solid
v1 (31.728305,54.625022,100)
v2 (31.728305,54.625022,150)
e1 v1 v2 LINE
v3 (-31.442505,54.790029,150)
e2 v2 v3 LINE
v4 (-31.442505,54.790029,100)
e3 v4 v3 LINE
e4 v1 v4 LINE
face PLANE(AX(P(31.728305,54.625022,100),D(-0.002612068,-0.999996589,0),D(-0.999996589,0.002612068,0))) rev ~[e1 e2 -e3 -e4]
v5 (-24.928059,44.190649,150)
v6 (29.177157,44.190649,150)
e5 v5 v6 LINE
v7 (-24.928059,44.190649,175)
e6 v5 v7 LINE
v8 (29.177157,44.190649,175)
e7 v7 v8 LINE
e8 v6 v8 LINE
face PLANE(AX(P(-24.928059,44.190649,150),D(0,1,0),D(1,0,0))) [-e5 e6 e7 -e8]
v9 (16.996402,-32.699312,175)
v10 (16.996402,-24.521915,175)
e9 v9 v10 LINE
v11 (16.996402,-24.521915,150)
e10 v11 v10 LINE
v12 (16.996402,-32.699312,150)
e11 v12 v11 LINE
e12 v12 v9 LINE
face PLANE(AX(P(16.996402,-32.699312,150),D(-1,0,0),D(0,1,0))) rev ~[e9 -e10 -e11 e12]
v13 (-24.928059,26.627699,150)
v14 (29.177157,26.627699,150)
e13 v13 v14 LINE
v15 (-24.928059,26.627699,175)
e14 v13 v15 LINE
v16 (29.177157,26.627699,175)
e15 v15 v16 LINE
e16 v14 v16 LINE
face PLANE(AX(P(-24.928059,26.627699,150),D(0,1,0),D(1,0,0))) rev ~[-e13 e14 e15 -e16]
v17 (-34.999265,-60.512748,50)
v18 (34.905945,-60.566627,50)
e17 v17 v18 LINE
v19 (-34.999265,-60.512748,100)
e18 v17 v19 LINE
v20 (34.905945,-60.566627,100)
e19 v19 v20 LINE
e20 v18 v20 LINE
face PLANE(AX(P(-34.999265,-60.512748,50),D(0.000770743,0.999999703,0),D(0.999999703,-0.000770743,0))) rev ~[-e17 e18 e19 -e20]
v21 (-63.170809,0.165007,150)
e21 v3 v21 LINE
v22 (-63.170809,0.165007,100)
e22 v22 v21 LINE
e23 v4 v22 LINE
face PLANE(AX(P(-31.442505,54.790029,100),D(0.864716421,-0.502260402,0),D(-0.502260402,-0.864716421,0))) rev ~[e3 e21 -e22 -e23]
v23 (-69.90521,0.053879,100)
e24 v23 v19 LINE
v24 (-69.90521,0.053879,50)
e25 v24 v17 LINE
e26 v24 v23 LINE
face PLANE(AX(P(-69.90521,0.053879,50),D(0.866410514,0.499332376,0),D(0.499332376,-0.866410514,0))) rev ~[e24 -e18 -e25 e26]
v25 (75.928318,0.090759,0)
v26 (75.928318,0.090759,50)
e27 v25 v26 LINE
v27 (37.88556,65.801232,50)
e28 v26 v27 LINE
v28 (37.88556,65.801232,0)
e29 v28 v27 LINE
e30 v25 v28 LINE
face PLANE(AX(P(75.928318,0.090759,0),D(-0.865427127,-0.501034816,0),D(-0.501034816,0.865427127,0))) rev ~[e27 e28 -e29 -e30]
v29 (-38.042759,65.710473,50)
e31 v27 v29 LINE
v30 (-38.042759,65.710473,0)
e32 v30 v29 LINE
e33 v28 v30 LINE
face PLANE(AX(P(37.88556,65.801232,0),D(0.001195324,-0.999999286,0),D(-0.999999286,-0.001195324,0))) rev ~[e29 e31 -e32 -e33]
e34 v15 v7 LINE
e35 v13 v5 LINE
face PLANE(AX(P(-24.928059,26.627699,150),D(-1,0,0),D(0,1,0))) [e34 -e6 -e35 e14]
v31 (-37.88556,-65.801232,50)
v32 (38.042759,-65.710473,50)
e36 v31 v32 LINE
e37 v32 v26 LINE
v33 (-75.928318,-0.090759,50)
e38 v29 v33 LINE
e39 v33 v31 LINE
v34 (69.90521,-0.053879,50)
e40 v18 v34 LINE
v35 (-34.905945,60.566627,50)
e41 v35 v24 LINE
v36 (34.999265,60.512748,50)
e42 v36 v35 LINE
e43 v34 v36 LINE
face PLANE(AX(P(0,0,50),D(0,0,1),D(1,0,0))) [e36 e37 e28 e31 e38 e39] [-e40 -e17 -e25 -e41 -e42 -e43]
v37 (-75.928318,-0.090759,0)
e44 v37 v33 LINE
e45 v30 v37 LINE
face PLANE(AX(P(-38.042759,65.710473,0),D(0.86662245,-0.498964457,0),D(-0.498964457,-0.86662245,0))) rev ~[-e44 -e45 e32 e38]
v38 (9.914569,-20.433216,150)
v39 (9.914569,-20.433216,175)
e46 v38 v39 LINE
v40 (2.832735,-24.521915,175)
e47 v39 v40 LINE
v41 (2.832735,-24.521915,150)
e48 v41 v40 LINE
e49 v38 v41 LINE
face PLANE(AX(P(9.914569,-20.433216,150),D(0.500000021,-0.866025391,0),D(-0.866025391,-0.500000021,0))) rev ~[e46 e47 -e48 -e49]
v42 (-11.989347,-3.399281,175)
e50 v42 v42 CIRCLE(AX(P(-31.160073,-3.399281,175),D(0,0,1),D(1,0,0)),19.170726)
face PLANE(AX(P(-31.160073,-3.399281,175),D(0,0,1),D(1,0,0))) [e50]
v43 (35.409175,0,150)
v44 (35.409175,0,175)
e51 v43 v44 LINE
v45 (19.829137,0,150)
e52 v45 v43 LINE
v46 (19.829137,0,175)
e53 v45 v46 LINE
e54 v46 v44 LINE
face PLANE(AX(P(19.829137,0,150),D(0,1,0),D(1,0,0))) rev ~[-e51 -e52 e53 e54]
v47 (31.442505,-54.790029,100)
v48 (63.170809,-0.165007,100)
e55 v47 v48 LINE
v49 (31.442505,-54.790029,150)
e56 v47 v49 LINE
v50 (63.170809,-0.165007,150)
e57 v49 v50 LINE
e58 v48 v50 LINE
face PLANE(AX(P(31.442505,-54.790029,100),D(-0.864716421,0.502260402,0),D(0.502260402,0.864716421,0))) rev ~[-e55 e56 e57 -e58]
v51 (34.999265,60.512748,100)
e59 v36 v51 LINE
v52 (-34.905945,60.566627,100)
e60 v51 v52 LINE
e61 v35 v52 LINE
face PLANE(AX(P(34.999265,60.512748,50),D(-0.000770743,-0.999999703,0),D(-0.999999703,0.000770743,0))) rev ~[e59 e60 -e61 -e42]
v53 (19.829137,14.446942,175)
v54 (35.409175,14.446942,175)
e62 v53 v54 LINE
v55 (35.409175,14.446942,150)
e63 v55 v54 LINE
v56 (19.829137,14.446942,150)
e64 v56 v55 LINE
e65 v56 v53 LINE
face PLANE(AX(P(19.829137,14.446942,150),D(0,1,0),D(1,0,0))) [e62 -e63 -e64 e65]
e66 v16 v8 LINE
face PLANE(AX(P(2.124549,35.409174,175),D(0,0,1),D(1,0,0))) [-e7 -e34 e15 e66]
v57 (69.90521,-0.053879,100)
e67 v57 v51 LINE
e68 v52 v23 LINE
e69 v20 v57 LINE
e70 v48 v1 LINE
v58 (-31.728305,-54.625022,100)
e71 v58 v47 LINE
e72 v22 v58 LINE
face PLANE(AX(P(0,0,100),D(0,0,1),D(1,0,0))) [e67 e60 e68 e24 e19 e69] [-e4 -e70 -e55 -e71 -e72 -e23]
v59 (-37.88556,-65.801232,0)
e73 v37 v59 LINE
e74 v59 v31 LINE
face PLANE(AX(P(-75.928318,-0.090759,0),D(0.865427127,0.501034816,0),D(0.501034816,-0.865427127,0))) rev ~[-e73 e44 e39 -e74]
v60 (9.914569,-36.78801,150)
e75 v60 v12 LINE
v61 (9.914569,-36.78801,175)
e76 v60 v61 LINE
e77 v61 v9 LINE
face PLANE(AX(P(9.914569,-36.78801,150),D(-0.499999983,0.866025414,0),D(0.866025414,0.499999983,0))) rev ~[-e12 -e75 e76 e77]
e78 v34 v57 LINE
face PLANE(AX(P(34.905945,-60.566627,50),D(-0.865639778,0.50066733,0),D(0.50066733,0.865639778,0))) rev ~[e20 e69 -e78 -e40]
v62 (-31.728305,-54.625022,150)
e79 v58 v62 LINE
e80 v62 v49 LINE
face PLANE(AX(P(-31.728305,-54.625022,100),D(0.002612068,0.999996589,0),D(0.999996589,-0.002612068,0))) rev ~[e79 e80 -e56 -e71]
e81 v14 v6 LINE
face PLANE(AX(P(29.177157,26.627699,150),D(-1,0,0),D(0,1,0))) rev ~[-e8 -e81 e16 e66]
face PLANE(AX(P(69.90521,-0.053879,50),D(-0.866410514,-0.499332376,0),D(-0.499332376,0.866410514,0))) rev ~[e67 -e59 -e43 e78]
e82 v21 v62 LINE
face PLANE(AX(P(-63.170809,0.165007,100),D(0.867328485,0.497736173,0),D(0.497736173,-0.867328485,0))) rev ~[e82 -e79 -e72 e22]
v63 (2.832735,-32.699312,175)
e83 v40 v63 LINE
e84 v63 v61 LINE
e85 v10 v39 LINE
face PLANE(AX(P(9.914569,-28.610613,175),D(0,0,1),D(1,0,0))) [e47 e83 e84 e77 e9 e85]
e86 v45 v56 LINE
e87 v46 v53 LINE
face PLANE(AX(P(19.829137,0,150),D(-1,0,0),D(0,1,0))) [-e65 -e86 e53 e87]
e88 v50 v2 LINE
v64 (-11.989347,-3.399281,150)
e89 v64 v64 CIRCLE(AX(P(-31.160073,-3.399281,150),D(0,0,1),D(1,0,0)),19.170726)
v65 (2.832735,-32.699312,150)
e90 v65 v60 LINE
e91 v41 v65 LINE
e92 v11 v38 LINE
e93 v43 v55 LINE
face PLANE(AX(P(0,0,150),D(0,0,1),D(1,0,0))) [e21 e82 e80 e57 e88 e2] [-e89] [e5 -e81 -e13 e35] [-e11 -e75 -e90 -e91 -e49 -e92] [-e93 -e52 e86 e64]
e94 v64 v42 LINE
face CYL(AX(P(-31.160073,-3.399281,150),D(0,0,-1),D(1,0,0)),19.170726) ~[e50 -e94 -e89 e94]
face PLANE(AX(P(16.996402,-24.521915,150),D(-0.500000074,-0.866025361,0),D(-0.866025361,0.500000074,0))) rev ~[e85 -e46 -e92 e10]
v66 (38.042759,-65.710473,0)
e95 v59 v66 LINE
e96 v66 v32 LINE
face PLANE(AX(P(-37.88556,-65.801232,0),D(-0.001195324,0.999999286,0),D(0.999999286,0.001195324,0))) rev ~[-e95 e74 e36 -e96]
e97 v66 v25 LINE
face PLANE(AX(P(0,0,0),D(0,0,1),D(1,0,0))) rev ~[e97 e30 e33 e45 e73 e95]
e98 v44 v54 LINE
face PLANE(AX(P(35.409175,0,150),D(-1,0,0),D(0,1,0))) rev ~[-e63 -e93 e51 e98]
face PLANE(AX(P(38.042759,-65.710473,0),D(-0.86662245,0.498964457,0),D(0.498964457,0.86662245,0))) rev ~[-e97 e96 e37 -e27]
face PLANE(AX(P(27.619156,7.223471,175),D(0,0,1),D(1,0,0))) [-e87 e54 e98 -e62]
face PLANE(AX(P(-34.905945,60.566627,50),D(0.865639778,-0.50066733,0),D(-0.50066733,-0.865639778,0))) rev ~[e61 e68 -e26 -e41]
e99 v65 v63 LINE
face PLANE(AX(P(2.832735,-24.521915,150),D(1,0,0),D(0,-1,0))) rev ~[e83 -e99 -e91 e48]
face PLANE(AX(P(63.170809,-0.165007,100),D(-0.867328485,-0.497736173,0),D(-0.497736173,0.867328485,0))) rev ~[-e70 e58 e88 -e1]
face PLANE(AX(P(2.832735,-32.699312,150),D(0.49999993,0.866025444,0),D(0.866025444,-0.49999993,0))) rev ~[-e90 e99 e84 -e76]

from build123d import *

# Parameters (mm, degrees)
F1_DEPTH = 50
F3_DEPTH = 50
F5_DEPTH = 50
F6_W     = 54.105216
F6_H     = 17.56295
F6_R     = 19.170726
F6_W_2   = 15.580038
F6_H_2   = 14.446942
F7_DEPTH = 25


with BuildPart() as f1:
    # F0 (on Top) → F1 (new body)
    with BuildSketch(Plane.XY):
        Polygon((-38.042759, 65.710473), (-75.928318, -0.090759), (-37.88556, -65.801232), (38.042759, -65.710473), (75.928318, 0.090759), (37.88556, 65.801232), align=None)
    extrude(amount=F1_DEPTH)

    # F2 (on face) → F3 (join)
    with BuildSketch(Plane.XY.offset(50)):
        Polygon((-34.905945, 60.566627), (-69.90521, 0.053879), (-34.999265, -60.512748), (34.905945, -60.566627), (69.90521, -0.053879), (34.999265, 60.512748), align=None)
    extrude(amount=F3_DEPTH)

    # F4 (on face) → F5 (join)
    with BuildSketch(Plane.XY.offset(100)):
        Polygon((-31.442505, 54.790029), (-63.170809, 0.165007), (-31.728305, -54.625022), (31.442505, -54.790029), (63.170809, -0.165007), (31.728305, 54.625022), align=None)
    extrude(amount=F5_DEPTH)

    # F6 (on face) → F7 (join)
    with BuildSketch(Plane.XY.offset(150)):
        with Locations((2.124549, 35.409174)):
            Rectangle(F6_W, F6_H)
        with Locations((-31.160073, -3.399281)):
            Circle(F6_R)
        with Locations((27.619156, 7.223471)):
            Rectangle(F6_W_2, F6_H_2)
        Polygon((2.832735, -24.521915), (2.832735, -32.699312), (9.914569, -36.78801), (16.996402, -32.699312), (16.996402, -24.521915), (9.914569, -20.433216), align=None)
    extrude(amount=F7_DEPTH)


solid = f1.part
